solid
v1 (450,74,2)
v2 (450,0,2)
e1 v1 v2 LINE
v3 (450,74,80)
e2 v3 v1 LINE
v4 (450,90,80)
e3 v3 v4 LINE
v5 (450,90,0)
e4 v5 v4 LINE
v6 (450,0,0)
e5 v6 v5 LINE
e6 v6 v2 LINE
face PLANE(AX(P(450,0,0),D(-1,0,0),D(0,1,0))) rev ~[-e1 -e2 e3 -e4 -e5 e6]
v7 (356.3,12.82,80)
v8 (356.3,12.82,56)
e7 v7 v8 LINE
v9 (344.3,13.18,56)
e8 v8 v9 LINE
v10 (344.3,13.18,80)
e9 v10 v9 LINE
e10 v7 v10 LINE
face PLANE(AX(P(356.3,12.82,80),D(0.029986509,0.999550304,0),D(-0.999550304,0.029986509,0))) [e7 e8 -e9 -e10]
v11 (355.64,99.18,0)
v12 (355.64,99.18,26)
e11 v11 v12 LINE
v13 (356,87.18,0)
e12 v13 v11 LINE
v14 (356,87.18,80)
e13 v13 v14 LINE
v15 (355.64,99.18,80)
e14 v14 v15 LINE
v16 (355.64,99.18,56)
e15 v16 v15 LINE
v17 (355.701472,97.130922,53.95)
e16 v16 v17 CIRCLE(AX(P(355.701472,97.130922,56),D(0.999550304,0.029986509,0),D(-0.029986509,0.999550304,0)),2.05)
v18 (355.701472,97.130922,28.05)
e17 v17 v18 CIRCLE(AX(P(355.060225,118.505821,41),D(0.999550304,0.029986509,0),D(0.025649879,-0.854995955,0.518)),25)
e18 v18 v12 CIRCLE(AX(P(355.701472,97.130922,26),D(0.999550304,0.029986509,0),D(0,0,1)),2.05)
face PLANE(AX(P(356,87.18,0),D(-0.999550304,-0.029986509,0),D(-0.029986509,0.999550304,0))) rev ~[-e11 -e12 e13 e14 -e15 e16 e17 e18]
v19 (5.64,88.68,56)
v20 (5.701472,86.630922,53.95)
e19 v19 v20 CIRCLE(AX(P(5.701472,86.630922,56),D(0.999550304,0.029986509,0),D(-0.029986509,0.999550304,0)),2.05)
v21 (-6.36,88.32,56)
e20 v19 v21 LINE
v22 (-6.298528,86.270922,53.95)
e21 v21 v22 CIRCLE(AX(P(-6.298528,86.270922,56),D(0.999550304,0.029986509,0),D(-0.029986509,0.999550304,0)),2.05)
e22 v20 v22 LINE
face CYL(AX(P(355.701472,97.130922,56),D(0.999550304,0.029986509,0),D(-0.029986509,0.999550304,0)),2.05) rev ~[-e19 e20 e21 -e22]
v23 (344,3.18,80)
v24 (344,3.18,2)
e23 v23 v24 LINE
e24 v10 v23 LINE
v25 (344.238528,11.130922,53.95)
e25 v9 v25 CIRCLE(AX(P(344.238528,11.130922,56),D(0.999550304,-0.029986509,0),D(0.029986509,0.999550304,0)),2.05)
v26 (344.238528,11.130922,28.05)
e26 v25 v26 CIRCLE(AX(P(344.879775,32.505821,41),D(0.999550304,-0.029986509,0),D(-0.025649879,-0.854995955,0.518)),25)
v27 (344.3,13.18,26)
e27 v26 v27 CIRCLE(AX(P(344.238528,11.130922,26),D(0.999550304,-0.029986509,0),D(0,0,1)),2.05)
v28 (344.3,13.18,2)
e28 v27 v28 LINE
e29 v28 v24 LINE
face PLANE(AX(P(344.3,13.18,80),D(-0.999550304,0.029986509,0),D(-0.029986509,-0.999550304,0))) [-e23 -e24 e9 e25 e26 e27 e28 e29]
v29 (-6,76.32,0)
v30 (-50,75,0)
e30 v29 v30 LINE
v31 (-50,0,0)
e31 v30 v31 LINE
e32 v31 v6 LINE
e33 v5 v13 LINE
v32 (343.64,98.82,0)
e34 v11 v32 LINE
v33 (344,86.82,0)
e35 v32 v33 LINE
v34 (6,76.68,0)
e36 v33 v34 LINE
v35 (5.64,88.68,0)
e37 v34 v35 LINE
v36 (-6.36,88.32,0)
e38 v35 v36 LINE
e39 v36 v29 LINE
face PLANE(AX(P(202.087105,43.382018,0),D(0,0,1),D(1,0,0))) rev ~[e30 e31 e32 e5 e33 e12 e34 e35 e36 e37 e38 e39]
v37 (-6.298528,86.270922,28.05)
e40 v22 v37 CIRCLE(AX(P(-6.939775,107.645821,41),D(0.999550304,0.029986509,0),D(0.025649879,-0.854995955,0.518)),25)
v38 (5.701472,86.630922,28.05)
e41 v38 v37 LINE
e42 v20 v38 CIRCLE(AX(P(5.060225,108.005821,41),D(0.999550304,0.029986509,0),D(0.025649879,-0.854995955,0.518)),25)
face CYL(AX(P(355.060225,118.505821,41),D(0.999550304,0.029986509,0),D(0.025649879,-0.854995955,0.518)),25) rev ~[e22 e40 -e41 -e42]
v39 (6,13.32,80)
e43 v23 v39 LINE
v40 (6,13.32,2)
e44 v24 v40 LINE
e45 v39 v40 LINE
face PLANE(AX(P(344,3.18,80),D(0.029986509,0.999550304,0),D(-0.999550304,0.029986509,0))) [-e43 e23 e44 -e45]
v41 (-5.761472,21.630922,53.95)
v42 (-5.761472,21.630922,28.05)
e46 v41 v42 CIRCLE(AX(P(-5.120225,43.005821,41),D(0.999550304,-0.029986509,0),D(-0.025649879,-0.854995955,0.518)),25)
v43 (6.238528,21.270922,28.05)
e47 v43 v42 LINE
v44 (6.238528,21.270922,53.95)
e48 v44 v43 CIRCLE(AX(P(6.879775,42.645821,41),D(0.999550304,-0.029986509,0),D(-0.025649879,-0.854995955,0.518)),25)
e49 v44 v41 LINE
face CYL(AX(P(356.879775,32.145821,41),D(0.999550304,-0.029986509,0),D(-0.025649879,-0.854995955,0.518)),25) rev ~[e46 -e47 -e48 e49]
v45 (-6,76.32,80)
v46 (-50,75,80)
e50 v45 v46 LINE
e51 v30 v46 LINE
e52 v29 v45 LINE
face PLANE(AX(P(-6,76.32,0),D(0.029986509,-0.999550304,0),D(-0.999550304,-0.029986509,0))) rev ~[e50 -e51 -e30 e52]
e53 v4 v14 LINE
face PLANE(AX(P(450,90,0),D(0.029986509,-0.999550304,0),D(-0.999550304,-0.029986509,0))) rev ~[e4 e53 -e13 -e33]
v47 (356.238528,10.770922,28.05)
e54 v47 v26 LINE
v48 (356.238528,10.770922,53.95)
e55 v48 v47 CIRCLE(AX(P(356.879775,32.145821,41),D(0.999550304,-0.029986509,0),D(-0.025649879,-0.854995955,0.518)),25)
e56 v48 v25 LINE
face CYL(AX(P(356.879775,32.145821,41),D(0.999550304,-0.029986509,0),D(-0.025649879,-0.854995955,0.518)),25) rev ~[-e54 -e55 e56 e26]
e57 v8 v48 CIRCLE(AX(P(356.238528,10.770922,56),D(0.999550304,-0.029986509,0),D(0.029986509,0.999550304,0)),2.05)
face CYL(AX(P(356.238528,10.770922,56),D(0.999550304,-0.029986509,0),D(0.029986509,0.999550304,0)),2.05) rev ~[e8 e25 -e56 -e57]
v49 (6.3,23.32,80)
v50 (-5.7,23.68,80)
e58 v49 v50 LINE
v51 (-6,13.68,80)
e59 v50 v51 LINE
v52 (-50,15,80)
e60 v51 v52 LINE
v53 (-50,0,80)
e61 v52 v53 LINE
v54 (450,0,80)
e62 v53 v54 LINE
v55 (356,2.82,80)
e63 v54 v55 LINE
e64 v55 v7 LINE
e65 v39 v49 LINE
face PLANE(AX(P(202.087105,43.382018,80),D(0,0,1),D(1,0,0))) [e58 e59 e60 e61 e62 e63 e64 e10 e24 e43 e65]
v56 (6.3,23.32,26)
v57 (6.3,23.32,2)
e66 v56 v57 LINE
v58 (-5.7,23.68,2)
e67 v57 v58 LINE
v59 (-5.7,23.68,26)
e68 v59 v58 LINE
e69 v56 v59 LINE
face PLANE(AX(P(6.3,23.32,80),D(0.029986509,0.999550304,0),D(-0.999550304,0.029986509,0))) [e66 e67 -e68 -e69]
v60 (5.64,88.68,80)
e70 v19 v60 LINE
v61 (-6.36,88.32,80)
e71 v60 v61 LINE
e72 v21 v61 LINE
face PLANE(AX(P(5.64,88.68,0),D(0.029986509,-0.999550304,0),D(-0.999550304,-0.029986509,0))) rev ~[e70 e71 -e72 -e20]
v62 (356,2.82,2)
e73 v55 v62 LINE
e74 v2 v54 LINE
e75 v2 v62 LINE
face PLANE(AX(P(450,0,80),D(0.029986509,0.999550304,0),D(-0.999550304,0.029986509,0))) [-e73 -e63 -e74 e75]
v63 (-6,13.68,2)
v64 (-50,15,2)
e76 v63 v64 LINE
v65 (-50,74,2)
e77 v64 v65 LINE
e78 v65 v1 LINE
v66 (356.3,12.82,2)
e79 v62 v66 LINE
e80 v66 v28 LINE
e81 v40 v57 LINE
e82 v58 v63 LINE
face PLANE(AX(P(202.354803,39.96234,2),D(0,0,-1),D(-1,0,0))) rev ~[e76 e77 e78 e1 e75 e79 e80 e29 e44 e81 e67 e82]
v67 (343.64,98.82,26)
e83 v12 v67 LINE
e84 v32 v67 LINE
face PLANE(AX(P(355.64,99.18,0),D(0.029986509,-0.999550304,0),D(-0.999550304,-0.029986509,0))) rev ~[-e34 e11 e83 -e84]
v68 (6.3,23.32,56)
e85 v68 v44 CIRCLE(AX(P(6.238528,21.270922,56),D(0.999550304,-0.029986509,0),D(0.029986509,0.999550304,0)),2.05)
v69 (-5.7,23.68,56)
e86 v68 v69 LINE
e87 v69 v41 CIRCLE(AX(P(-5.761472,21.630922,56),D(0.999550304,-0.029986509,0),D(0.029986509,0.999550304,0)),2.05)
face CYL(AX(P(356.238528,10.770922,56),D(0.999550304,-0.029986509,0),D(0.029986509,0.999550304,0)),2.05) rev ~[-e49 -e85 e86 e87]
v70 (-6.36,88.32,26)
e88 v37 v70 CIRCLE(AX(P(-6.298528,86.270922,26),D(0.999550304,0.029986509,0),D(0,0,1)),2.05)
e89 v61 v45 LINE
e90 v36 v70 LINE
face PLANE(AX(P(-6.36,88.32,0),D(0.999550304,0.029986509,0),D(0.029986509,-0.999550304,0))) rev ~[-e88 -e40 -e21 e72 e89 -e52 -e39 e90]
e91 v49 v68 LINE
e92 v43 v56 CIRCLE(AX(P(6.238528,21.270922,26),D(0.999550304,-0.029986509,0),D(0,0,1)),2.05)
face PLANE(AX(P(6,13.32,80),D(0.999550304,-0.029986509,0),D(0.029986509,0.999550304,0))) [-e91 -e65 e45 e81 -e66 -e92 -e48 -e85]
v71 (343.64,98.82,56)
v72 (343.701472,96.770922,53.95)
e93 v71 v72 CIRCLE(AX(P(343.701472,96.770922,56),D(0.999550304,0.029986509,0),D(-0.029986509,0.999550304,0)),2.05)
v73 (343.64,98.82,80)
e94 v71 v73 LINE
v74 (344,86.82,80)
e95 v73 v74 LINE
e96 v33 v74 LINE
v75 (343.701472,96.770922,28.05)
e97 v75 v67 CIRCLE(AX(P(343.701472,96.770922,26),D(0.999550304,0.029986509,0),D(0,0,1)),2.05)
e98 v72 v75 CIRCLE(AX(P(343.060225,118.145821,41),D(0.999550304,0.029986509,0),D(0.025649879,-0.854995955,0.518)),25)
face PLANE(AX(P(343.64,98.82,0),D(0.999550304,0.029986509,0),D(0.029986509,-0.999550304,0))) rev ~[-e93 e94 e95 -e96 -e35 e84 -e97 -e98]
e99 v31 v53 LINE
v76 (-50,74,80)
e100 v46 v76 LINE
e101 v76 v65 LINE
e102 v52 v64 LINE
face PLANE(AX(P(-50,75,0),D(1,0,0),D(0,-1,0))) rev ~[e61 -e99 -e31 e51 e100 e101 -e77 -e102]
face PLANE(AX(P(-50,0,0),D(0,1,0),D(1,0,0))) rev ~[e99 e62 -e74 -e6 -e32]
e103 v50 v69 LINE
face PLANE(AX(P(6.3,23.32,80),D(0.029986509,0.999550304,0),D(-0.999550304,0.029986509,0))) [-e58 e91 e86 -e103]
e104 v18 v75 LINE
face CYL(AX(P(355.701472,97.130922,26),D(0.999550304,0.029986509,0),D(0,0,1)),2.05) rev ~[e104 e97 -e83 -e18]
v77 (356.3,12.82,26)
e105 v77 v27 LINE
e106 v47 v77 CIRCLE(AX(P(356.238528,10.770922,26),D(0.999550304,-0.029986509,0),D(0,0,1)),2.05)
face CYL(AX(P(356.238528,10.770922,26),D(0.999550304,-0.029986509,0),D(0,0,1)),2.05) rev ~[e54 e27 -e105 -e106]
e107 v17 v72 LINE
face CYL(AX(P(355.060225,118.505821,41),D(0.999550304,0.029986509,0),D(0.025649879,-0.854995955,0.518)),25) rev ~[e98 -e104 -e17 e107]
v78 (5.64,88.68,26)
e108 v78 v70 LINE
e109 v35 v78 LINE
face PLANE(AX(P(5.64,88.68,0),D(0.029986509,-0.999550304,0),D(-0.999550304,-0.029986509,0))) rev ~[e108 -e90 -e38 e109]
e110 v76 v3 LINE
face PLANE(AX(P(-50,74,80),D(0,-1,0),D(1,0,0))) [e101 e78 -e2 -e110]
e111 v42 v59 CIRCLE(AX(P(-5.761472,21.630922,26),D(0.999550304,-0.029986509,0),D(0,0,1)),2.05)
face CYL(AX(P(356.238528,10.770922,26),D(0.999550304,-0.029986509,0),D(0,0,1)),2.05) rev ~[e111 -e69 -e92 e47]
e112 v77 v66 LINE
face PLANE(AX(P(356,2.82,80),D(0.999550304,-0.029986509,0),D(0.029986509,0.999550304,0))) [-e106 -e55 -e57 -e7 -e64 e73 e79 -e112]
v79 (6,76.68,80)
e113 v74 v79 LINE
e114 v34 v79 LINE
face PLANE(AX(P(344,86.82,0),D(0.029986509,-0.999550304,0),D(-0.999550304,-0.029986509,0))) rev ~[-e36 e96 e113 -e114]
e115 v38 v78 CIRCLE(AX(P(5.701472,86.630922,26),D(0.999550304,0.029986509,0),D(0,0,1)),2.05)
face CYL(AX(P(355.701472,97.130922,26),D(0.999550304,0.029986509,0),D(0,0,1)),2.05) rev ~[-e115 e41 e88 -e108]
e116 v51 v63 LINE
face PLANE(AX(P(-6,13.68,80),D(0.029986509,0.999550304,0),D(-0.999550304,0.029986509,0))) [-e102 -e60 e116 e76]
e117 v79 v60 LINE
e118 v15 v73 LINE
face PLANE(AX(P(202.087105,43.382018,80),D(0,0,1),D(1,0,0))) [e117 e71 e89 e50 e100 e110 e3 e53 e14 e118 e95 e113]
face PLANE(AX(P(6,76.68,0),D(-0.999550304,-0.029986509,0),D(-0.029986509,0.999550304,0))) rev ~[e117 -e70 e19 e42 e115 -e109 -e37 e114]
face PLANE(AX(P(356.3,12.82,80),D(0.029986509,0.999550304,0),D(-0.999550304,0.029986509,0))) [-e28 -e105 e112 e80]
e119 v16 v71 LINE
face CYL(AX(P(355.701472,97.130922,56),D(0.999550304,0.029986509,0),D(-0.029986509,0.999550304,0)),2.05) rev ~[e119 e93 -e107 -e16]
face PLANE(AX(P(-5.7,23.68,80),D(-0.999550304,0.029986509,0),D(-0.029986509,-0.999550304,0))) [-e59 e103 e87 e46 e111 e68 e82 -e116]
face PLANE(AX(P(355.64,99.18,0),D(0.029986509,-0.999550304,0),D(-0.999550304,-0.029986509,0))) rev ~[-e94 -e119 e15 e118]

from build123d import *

# Parameters (mm, degrees)
PAD_DEPTH       = 80
POCKET_DEPTH    = 78
POCKET001_DEPTH = 408.7079232475
POCKET002_DEPTH = 408.4326470939


with BuildPart() as part:
    # Sketch → Pad (new body)
    with BuildSketch(Plane.XY):
        Polygon((450, 0), (450, 90), (356, 87.18), (355.64, 99.18), (343.64, 98.82), (344, 86.82), (6, 76.68), (5.64, 88.6800000001), (-6.36, 88.3200000001), (-6, 76.32), (-50, 75), (-50, 0), align=None)
    extrude(amount=PAD_DEPTH)

    # Sketch001 (on Face14 of Pad) → Pocket (cut)
    with BuildSketch(Plane.XY.offset(80)):
        Polygon((-50, 15), (-50, 74), (450, 74), (450, 0), (356, 2.82), (356.3, 12.82), (344.3, 13.18), (344, 3.18), (6, 13.32), (6.3, 23.32), (-5.7, 23.68), (-6, 13.68), align=None)
    extrude(amount=-POCKET_DEPTH, mode=Mode.SUBTRACT)

    # Sketch002 (on Face26 of Pocket) → Pocket001 (cut, through all)
    with BuildSketch(Plane(origin=(355.5953641722, -10.6678609252, 0), x_dir=(0.0299865091, 0.9995503035, 0), z_dir=(0.9995503035, -0.0299865091, 0))):
        with BuildLine():
            ThreePointArc((23.4984280855, 56), (19.9988591841, 57.4495689014), (21.4484280855, 53.95))
            ThreePointArc((21.4484280855, 53.95), (17.8329435114, 41), (21.4484280855, 28.05))
            ThreePointArc((21.4484280855, 28.05), (19.9988591841, 24.5504310986), (23.4984280855, 26))
            Line((23.4984280855, 26), (23.4984280855, 56))
        make_face()
    extrude(amount=-POCKET001_DEPTH, mode=Mode.SUBTRACT)

    # Sketch003 (on Face14 of Pocket001) → Pocket002 (cut, through all)
    with BuildSketch(Plane(origin=(358.2929363573, 10.7487880907, 0), x_dir=(-0.0299865091, 0.9995503035, 0), z_dir=(0.9995503035, 0.0299865091, 0))):
        with BuildLine():
            ThreePointArc((88.470997005, 56), (84.9714281036, 57.4495689014), (86.420997005, 53.95))
            ThreePointArc((86.420997005, 53.95), (82.8055124309, 41), (86.420997005, 28.05))
            ThreePointArc((86.420997005, 28.05), (84.9714281036, 24.5504310986), (88.470997005, 26))
            Line((88.470997005, 26), (88.470997005, 56))
        make_face()
    extrude(amount=-POCKET002_DEPTH, mode=Mode.SUBTRACT)


solid = part.part
